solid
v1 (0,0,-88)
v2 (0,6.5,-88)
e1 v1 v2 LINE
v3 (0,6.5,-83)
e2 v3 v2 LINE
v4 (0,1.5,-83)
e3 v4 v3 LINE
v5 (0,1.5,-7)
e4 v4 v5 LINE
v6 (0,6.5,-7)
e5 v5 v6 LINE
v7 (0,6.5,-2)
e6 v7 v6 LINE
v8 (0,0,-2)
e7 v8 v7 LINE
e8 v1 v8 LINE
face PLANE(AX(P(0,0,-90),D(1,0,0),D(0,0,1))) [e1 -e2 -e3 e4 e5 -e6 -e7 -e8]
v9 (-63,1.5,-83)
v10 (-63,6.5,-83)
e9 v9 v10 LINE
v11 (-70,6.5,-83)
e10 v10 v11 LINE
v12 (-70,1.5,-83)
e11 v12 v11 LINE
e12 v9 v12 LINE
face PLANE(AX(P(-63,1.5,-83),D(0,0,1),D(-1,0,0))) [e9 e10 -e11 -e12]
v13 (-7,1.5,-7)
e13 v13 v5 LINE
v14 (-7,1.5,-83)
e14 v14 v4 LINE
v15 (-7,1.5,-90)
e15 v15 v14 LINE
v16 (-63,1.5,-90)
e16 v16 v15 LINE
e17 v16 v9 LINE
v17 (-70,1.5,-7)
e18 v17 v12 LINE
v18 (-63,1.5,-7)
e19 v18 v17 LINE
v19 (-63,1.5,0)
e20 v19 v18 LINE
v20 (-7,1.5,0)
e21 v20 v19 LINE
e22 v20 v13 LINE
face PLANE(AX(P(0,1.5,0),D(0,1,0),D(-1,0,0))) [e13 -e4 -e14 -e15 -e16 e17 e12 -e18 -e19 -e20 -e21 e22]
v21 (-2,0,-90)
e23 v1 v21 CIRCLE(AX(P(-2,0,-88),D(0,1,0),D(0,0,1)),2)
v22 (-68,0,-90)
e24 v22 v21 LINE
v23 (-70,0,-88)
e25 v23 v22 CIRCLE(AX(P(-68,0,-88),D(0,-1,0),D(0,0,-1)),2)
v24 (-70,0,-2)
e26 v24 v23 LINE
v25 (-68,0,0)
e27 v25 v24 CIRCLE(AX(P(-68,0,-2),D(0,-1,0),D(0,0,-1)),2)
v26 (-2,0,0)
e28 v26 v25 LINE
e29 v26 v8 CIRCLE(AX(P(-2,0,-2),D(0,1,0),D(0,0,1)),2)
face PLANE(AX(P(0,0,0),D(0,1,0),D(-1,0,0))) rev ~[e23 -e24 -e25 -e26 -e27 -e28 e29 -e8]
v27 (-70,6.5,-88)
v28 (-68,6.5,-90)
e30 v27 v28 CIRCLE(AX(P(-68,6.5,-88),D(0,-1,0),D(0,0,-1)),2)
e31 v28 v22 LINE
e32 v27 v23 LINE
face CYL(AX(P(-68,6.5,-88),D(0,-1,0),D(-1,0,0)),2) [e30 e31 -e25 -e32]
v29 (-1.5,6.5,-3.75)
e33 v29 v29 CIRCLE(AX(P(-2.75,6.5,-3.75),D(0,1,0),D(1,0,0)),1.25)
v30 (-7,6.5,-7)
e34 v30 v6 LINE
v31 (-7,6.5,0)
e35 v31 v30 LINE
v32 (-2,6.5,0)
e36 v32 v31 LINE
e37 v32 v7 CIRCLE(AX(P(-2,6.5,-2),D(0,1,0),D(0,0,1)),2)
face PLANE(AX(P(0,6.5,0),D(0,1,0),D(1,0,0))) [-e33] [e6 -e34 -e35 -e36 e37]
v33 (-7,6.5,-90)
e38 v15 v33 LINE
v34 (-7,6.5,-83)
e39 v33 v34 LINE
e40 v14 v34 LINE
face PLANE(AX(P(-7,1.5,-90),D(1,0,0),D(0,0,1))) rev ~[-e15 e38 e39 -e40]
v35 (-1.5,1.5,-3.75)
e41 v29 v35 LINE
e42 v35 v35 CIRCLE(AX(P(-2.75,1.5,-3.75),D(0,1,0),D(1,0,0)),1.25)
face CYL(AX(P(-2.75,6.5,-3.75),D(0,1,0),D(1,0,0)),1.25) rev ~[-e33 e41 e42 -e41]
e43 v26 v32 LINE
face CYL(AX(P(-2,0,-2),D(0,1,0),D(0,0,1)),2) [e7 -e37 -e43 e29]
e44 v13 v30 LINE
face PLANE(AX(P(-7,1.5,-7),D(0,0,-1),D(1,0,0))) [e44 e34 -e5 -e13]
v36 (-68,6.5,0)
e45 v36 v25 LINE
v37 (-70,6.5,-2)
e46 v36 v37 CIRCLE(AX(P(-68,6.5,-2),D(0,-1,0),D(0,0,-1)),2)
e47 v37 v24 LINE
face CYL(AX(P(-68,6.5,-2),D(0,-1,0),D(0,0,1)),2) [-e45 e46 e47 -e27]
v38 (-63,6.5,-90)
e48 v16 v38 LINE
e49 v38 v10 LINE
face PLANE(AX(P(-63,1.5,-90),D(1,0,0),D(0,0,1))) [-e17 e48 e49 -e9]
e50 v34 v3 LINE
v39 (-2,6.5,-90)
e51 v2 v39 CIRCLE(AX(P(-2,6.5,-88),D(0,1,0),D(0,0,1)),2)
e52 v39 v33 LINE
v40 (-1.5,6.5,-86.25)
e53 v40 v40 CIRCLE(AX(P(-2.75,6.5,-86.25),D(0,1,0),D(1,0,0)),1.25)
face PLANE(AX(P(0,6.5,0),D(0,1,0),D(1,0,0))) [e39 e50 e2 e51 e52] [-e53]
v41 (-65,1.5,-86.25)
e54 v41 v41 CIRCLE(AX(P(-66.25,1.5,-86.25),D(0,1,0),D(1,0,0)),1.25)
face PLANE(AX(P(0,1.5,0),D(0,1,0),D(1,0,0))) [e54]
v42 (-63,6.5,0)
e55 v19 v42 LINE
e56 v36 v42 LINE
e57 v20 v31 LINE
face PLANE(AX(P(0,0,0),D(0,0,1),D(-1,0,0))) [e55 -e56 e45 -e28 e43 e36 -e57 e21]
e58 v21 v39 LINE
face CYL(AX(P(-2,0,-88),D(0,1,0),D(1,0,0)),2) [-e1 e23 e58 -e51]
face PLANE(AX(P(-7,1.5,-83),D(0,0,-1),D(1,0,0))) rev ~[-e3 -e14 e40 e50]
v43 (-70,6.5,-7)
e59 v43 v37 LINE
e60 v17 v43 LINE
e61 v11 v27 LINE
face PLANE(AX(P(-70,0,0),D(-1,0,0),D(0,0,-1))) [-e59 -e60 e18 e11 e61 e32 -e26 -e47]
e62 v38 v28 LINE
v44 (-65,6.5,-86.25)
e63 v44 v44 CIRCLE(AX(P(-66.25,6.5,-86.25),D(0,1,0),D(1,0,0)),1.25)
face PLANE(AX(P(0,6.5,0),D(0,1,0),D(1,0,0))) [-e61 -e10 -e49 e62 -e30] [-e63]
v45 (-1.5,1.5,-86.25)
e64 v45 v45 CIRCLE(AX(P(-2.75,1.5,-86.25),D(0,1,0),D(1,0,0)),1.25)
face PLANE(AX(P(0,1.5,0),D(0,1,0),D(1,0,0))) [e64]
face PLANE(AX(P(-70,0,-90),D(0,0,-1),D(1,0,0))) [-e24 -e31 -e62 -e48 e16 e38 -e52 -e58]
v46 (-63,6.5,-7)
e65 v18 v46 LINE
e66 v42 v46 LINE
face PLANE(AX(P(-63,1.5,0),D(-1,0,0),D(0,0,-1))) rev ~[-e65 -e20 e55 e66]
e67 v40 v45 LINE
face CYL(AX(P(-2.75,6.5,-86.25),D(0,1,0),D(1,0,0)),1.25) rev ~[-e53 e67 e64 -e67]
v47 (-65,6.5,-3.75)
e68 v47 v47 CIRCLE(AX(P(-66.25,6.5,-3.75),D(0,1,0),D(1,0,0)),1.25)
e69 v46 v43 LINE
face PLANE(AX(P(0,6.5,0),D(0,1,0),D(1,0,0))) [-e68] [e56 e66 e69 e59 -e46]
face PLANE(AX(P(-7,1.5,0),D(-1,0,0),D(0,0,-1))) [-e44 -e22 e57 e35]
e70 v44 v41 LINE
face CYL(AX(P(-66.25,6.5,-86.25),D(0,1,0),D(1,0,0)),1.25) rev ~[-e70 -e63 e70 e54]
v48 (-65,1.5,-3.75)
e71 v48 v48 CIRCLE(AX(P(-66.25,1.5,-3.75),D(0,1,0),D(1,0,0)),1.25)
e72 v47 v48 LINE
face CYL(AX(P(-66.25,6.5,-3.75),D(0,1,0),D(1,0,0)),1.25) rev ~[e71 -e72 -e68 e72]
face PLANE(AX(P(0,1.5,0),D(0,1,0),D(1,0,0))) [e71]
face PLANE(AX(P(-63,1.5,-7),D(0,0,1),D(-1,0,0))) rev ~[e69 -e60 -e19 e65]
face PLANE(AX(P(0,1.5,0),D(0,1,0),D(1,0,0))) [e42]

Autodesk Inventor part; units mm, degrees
ref_plane "YZ Plane" through (0, 0, 0) normal (1, 0, 0) x (0, 1, 0)
ref_plane "XZ Plane" through (0, 0, 0) normal (0, 1, 0) x (-1, 0, 0)
ref_plane "XY Plane" through (0, 0, 0) normal (0, 0, 1) x (1, 0, 0)
sketch "Эскиз1" plane through (0, 0, 0) normal (0, 1, 0) x (-1, 0, 0)
  line L0 (0, 0) -> (70, 0)
  line L1 (70, 0) -> (70, -90)
  line L2 (70, -90) -> (0, -90)
  line L3 (0, -90) -> (0, 0)
  dimension "d0" = 70
  dimension "d1" = 90
extrude "Выдавливание1" add sketch "Эскиз1" along normal blind 1.5
sketch "Эскиз2" plane through (0, 1.5, 0) normal (0, 1, 0) x (1, 0, 0)
  line L0 (0, 0) -> (0, 90) projected
  line L1 (0, 0) -> (-7, 0)
  line L2 (-7, 0) -> (-7, 7)
  line L3 (-7, 7) -> (0, 7)
  line L4 (0, 7) -> (0, 0)
  line L5 (-70, 0) -> (0, 0) projected
  line L6 (-70, 0) -> (-63, 0)
  line L7 (-63, 0) -> (-63, 7)
  line L8 (-63, 7) -> (-70, 7)
  line L9 (-70, 7) -> (-70, 0)
  line L10 (0, 90) -> (-70, 90) projected
  line L11 (-70, 90) -> (-63, 90)
  line L12 (-63, 90) -> (-63, 83)
  line L13 (-63, 83) -> (-70, 83)
  line L14 (-70, 83) -> (-70, 90)
  line L15 (0, 90) -> (-7, 90)
  line L16 (-7, 90) -> (-7, 83)
  line L17 (-7, 83) -> (0, 83)
  line L18 (0, 83) -> (0, 90)
  point P0 (0, 7)
  point P1 (0, 83)
  point P2 (-63, 0)
  dimension "d4" = 7
  dimension "d5" = 7
  dimension "d6" = 7
  dimension "d7" = 7
  dimension "d8" = 7
  dimension "d9" = 7
  dimension "d10" = 7
  dimension "d11" = 7
extrude "Выдавливание2" add sketch "Эскиз2" along normal blind 5
sketch "Эскиз3" plane through (0, 6.5, 0) normal (0, 1, 0) x (1, 0, 0)
  circle A0 centre (-2.75, 86.25) radius 1.25
  circle A1 centre (-66.25, 86.25) radius 1.25
  circle A2 centre (-66.25, 3.75) radius 1.25
  circle A3 centre (-2.75, 3.75) radius 1.25
  line L0 (-63, 90) -> (-70, 90) projected
  line L1 (0, 90) -> (-7, 90) projected
  line L2 (-70, 0) -> (-63, 0) projected
  line L3 (-7, 0) -> (0, 0) projected
  line L4 (-70, 90) -> (-70, 83) projected
  line L5 (0, 7) -> (0, 83) projected
  line L6 (-70, 7) -> (-70, 0) projected
  line L7 (0, 0) -> (0, 7) projected
  dimension "d14" = 2.5
  dimension "d15" = 2.5
  dimension "d16" = 2.5
  dimension "d17" = 2.5
  dimension "d18" = 3.75
  dimension "d19" = 3.75
  dimension "d20" = 3.75
  dimension "d21" = 3.75
  dimension "d22" = 3.75
  dimension "d23" = 2.75
  dimension "d24" = 3.75
  dimension "d25" = 2.75
extrude "Выдавливание3" cut sketch "Эскиз3" against normal blind 5
fillet "Сопряжение1" radius 2 4 edges at (0, 3.25, 0) (0, 3.25, -90) (-70, 3.25, -90) (-70, 3.25, 0)
properties part number "SensorsC_Holder"
